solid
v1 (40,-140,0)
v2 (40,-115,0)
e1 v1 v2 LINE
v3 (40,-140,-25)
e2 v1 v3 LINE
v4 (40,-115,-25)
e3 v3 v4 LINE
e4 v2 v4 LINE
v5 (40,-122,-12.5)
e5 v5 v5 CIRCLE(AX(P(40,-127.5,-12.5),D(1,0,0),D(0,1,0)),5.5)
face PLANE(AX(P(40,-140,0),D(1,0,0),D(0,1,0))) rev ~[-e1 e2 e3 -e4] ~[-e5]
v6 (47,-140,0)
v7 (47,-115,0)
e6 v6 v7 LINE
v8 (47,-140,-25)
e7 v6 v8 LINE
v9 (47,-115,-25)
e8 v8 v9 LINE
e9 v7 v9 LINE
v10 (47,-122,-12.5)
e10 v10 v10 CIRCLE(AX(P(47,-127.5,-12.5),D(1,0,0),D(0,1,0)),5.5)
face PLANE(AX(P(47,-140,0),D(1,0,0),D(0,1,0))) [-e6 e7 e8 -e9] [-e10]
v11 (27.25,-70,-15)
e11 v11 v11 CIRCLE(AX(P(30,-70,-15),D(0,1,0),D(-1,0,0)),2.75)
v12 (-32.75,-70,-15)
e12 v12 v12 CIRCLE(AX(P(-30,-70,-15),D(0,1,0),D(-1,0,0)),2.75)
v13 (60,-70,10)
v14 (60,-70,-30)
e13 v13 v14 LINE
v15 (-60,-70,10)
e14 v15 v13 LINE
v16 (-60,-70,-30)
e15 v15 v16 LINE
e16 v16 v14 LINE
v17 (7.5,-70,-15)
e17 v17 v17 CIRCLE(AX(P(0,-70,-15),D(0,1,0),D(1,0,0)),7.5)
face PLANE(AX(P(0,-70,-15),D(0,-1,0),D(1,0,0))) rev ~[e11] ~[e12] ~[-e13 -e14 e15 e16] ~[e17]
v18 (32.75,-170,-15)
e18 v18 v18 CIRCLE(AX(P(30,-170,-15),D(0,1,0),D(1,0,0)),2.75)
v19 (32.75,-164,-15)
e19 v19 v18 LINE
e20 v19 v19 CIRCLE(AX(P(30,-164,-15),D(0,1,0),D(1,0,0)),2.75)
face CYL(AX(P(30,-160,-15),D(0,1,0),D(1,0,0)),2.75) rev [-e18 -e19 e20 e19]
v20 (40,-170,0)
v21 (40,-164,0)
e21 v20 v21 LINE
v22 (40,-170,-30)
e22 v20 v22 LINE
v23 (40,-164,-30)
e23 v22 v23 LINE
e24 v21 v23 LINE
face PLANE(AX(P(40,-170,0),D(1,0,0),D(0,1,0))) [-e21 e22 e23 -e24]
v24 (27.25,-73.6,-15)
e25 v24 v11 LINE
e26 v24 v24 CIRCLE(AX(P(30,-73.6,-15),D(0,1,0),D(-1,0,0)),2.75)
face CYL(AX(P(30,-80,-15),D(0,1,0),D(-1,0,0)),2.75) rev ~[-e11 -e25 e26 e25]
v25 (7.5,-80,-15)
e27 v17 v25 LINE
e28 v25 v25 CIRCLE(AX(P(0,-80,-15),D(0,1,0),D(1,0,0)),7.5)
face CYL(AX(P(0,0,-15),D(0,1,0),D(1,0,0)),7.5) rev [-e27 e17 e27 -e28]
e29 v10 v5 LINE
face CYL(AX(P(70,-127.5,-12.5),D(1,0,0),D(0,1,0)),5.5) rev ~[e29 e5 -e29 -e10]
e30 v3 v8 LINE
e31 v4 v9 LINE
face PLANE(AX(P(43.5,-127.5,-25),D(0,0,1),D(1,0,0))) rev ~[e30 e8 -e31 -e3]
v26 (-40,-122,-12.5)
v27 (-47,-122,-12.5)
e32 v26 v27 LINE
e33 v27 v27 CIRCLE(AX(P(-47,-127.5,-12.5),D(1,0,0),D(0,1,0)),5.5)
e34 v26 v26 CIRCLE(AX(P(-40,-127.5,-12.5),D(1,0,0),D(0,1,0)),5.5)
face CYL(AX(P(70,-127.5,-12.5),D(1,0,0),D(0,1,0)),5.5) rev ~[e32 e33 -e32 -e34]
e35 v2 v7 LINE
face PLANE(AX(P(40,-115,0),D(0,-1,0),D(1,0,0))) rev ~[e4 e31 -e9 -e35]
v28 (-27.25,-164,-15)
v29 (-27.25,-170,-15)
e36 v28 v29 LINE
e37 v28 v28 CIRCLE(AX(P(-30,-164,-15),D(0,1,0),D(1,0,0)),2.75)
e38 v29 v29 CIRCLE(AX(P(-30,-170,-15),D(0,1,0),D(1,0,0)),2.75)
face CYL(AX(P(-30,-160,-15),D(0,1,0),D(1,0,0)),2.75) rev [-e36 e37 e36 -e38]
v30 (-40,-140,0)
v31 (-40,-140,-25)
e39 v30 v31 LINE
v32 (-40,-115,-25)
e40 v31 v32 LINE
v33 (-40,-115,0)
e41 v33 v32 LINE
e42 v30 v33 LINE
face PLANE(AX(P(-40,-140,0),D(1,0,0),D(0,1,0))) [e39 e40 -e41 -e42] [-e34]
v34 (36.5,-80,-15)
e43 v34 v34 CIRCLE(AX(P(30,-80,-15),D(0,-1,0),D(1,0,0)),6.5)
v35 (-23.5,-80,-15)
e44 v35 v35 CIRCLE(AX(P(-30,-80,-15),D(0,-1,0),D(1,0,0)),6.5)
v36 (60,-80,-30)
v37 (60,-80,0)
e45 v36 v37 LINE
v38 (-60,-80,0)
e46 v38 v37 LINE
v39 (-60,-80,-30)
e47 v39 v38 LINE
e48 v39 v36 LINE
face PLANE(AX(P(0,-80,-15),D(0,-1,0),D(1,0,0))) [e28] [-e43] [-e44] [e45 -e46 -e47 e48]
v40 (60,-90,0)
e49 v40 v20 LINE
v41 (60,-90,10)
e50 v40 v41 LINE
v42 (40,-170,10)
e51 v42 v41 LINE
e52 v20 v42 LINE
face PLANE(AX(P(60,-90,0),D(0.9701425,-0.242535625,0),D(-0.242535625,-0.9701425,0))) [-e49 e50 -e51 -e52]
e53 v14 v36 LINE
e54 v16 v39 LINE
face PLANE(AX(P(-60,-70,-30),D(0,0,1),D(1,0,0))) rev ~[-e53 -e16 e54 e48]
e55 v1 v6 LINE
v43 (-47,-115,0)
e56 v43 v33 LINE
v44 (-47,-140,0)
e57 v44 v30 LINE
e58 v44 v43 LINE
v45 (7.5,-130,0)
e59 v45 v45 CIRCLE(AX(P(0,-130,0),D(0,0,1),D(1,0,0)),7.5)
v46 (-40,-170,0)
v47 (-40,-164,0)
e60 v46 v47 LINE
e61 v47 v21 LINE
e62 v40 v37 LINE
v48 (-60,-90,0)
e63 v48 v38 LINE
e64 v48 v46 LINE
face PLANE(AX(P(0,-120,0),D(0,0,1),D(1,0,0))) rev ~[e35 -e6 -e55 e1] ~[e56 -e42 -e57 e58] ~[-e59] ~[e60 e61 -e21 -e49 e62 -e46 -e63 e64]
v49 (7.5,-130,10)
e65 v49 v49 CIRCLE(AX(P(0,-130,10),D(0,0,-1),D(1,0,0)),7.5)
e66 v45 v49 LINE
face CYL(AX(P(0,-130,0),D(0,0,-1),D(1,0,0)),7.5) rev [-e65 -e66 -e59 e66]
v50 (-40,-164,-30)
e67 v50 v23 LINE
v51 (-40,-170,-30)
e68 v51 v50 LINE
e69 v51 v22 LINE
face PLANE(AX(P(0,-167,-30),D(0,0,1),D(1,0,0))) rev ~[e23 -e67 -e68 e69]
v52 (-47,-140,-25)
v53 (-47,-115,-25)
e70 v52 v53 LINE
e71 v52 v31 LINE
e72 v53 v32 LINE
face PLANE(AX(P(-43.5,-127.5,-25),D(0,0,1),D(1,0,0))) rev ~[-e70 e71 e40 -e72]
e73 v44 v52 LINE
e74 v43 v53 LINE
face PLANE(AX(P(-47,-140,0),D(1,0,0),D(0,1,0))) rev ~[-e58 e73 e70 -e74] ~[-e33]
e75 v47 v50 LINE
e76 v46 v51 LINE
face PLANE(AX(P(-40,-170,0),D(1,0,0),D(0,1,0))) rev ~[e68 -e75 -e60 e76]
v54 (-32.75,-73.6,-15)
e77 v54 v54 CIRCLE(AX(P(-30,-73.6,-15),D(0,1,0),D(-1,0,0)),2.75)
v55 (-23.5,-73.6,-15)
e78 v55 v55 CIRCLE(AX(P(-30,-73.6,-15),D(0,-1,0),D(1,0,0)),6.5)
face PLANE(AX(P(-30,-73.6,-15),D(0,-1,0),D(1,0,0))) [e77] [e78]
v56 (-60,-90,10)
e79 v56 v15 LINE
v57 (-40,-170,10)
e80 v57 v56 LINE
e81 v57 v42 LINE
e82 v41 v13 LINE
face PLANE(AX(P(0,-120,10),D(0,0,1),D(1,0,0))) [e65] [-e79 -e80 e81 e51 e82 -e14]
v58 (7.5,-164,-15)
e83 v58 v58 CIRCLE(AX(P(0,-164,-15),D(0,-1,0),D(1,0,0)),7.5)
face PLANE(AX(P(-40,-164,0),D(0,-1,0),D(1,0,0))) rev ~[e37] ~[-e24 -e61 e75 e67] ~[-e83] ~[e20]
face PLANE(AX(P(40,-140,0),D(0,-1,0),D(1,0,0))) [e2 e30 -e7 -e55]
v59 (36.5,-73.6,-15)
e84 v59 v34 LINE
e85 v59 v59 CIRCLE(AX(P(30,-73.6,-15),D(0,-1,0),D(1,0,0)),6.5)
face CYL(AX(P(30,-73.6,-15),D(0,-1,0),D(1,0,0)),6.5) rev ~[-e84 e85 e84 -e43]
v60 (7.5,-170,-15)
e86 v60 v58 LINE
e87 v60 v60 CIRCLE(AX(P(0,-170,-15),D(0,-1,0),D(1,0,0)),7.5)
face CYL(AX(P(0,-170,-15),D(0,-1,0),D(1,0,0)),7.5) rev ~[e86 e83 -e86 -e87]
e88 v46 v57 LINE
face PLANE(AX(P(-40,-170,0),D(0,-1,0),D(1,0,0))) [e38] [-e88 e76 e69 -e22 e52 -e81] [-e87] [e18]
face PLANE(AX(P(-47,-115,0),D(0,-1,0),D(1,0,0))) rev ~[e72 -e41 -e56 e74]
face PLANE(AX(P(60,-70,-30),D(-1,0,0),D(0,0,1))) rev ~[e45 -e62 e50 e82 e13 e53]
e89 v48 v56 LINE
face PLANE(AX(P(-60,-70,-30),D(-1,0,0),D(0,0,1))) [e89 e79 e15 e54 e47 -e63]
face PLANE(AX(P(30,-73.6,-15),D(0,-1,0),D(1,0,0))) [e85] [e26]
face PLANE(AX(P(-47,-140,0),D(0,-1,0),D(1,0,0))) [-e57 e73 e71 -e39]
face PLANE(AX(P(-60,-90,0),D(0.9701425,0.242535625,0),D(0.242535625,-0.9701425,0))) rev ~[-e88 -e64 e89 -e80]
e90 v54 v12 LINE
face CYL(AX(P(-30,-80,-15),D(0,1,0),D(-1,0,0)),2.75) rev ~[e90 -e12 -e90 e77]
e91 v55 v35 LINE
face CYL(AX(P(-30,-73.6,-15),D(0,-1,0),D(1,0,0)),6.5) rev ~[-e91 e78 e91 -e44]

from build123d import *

# Parameters (mm, degrees)
SKETCH_W            = 120
SKETCH_H            = 100
PAD_DEPTH           = 10
SKETCH001_W         = 120
SKETCH001_H         = 30
PAD001_DEPTH        = 10
POCKET_DEPTH        = 36
SKETCH003_W         = 80
SKETCH003_H         = 6
PAD002_DEPTH        = 30
SKETCH004_R         = 2.75
HOLE_DEPTH          = 10.001
SKETCH005_W         = 7
SKETCH005_H         = 25
PAD003_DEPTH        = 25
SKETCH006_R         = 5.5
HOLE001_DEPTH       = 130.001
SKETCH011_R         = 7.5
HOLE004_DEPTH       = 25
HOLE004_TIPS_R      = 7.5
HOLE005_D           = 5.5
HOLE005_DEPTH       = 25
HOLE005_CBORE_D     = 13
HOLE005_CBORE_DEPTH = 6.4
SKETCH013_R         = 7.5
HOLE006_DEPTH       = 170.001
SKETCH014_R         = 7.5
HOLE007_DEPTH       = 25


with BuildPart() as part:
    # Sketch → Pad (new body)
    with BuildSketch(Plane.XY):
        with Locations((0, -120)):
            Rectangle(SKETCH_W, SKETCH_H)
    extrude(amount=PAD_DEPTH)

    # Sketch001 → Pad001 (join)
    with BuildSketch(Plane.XZ.offset(70)):
        with Locations((0, -15)):
            Rectangle(SKETCH001_W, SKETCH001_H)
    extrude(amount=PAD001_DEPTH)

    # Sketch002 → Pocket (cut)
    with BuildSketch(Plane.XY):
        Polygon((-60, -170), (-60, -90), (-40, -170), align=None)
        Polygon((60, -170), (60, -90), (40, -170), align=None)
    extrude(amount=POCKET_DEPTH, mode=Mode.SUBTRACT)

    # Sketch003 → Pad002 (join)
    with BuildSketch(Plane.XY):
        with Locations((0, -167)):
            Rectangle(SKETCH003_W, SKETCH003_H)
    extrude(amount=-PAD002_DEPTH)

    # Sketch004 → Hole (cut, through all)
    with BuildSketch(Plane.XZ.offset(160)):
        with Locations((-30, -15)):
            Circle(SKETCH004_R)
        with Locations((30, -15)):
            Circle(SKETCH004_R)
    extrude(amount=HOLE_DEPTH, mode=Mode.SUBTRACT)

    # Sketch005 → Pad003 (join)
    with BuildSketch(Plane.XY):
        with Locations((43.5, -127.5)):
            Rectangle(SKETCH005_W, SKETCH005_H)
        with Locations((-43.5, -127.5)):
            Rectangle(SKETCH005_W, SKETCH005_H)
    extrude(amount=-PAD003_DEPTH)

    # Sketch006 → Hole001 (cut, through all)
    with BuildSketch(Plane.YZ.offset(70)):
        with Locations((-127.5, -12.5)):
            Circle(SKETCH006_R)
    extrude(amount=-HOLE001_DEPTH, mode=Mode.SUBTRACT)

    # Sketch011 → Hole004 (cut)
    with BuildSketch(Plane.XZ.offset(170)):
        with Locations((0, -15)):
            Circle(SKETCH011_R)
    extrude(amount=-HOLE004_DEPTH, mode=Mode.SUBTRACT)

    # Hole004 tips → Hole004 tip 1 section 0
    with BuildSketch(Plane.XZ.offset(145), mode=Mode.PRIVATE) as hole004_tip_1_s0:
        with Locations((0, -15)):
            Circle(HOLE004_TIPS_R)
    loft([hole004_tip_1_s0.sketch, Vertex(0, -140.493545, -15)], mode=Mode.SUBTRACT)

    # Hole005
    with Locations(Plane.XZ.offset(80)):
        with Locations((-30, -15), (30, -15)):
            CounterBoreHole(HOLE005_D / 2, HOLE005_CBORE_D / 2, HOLE005_CBORE_DEPTH, depth=HOLE005_DEPTH)

    # Sketch013 → Hole006 (cut, through all)
    with BuildSketch(Plane.XZ):
        with Locations((0, -15)):
            Circle(SKETCH013_R)
    extrude(amount=HOLE006_DEPTH, mode=Mode.SUBTRACT)

    # Sketch014 → Hole007 (cut)
    with BuildSketch(Plane.XY):
        with Locations((0, -130)):
            Circle(SKETCH014_R)
    extrude(amount=HOLE007_DEPTH, mode=Mode.SUBTRACT)


solid = part.part
